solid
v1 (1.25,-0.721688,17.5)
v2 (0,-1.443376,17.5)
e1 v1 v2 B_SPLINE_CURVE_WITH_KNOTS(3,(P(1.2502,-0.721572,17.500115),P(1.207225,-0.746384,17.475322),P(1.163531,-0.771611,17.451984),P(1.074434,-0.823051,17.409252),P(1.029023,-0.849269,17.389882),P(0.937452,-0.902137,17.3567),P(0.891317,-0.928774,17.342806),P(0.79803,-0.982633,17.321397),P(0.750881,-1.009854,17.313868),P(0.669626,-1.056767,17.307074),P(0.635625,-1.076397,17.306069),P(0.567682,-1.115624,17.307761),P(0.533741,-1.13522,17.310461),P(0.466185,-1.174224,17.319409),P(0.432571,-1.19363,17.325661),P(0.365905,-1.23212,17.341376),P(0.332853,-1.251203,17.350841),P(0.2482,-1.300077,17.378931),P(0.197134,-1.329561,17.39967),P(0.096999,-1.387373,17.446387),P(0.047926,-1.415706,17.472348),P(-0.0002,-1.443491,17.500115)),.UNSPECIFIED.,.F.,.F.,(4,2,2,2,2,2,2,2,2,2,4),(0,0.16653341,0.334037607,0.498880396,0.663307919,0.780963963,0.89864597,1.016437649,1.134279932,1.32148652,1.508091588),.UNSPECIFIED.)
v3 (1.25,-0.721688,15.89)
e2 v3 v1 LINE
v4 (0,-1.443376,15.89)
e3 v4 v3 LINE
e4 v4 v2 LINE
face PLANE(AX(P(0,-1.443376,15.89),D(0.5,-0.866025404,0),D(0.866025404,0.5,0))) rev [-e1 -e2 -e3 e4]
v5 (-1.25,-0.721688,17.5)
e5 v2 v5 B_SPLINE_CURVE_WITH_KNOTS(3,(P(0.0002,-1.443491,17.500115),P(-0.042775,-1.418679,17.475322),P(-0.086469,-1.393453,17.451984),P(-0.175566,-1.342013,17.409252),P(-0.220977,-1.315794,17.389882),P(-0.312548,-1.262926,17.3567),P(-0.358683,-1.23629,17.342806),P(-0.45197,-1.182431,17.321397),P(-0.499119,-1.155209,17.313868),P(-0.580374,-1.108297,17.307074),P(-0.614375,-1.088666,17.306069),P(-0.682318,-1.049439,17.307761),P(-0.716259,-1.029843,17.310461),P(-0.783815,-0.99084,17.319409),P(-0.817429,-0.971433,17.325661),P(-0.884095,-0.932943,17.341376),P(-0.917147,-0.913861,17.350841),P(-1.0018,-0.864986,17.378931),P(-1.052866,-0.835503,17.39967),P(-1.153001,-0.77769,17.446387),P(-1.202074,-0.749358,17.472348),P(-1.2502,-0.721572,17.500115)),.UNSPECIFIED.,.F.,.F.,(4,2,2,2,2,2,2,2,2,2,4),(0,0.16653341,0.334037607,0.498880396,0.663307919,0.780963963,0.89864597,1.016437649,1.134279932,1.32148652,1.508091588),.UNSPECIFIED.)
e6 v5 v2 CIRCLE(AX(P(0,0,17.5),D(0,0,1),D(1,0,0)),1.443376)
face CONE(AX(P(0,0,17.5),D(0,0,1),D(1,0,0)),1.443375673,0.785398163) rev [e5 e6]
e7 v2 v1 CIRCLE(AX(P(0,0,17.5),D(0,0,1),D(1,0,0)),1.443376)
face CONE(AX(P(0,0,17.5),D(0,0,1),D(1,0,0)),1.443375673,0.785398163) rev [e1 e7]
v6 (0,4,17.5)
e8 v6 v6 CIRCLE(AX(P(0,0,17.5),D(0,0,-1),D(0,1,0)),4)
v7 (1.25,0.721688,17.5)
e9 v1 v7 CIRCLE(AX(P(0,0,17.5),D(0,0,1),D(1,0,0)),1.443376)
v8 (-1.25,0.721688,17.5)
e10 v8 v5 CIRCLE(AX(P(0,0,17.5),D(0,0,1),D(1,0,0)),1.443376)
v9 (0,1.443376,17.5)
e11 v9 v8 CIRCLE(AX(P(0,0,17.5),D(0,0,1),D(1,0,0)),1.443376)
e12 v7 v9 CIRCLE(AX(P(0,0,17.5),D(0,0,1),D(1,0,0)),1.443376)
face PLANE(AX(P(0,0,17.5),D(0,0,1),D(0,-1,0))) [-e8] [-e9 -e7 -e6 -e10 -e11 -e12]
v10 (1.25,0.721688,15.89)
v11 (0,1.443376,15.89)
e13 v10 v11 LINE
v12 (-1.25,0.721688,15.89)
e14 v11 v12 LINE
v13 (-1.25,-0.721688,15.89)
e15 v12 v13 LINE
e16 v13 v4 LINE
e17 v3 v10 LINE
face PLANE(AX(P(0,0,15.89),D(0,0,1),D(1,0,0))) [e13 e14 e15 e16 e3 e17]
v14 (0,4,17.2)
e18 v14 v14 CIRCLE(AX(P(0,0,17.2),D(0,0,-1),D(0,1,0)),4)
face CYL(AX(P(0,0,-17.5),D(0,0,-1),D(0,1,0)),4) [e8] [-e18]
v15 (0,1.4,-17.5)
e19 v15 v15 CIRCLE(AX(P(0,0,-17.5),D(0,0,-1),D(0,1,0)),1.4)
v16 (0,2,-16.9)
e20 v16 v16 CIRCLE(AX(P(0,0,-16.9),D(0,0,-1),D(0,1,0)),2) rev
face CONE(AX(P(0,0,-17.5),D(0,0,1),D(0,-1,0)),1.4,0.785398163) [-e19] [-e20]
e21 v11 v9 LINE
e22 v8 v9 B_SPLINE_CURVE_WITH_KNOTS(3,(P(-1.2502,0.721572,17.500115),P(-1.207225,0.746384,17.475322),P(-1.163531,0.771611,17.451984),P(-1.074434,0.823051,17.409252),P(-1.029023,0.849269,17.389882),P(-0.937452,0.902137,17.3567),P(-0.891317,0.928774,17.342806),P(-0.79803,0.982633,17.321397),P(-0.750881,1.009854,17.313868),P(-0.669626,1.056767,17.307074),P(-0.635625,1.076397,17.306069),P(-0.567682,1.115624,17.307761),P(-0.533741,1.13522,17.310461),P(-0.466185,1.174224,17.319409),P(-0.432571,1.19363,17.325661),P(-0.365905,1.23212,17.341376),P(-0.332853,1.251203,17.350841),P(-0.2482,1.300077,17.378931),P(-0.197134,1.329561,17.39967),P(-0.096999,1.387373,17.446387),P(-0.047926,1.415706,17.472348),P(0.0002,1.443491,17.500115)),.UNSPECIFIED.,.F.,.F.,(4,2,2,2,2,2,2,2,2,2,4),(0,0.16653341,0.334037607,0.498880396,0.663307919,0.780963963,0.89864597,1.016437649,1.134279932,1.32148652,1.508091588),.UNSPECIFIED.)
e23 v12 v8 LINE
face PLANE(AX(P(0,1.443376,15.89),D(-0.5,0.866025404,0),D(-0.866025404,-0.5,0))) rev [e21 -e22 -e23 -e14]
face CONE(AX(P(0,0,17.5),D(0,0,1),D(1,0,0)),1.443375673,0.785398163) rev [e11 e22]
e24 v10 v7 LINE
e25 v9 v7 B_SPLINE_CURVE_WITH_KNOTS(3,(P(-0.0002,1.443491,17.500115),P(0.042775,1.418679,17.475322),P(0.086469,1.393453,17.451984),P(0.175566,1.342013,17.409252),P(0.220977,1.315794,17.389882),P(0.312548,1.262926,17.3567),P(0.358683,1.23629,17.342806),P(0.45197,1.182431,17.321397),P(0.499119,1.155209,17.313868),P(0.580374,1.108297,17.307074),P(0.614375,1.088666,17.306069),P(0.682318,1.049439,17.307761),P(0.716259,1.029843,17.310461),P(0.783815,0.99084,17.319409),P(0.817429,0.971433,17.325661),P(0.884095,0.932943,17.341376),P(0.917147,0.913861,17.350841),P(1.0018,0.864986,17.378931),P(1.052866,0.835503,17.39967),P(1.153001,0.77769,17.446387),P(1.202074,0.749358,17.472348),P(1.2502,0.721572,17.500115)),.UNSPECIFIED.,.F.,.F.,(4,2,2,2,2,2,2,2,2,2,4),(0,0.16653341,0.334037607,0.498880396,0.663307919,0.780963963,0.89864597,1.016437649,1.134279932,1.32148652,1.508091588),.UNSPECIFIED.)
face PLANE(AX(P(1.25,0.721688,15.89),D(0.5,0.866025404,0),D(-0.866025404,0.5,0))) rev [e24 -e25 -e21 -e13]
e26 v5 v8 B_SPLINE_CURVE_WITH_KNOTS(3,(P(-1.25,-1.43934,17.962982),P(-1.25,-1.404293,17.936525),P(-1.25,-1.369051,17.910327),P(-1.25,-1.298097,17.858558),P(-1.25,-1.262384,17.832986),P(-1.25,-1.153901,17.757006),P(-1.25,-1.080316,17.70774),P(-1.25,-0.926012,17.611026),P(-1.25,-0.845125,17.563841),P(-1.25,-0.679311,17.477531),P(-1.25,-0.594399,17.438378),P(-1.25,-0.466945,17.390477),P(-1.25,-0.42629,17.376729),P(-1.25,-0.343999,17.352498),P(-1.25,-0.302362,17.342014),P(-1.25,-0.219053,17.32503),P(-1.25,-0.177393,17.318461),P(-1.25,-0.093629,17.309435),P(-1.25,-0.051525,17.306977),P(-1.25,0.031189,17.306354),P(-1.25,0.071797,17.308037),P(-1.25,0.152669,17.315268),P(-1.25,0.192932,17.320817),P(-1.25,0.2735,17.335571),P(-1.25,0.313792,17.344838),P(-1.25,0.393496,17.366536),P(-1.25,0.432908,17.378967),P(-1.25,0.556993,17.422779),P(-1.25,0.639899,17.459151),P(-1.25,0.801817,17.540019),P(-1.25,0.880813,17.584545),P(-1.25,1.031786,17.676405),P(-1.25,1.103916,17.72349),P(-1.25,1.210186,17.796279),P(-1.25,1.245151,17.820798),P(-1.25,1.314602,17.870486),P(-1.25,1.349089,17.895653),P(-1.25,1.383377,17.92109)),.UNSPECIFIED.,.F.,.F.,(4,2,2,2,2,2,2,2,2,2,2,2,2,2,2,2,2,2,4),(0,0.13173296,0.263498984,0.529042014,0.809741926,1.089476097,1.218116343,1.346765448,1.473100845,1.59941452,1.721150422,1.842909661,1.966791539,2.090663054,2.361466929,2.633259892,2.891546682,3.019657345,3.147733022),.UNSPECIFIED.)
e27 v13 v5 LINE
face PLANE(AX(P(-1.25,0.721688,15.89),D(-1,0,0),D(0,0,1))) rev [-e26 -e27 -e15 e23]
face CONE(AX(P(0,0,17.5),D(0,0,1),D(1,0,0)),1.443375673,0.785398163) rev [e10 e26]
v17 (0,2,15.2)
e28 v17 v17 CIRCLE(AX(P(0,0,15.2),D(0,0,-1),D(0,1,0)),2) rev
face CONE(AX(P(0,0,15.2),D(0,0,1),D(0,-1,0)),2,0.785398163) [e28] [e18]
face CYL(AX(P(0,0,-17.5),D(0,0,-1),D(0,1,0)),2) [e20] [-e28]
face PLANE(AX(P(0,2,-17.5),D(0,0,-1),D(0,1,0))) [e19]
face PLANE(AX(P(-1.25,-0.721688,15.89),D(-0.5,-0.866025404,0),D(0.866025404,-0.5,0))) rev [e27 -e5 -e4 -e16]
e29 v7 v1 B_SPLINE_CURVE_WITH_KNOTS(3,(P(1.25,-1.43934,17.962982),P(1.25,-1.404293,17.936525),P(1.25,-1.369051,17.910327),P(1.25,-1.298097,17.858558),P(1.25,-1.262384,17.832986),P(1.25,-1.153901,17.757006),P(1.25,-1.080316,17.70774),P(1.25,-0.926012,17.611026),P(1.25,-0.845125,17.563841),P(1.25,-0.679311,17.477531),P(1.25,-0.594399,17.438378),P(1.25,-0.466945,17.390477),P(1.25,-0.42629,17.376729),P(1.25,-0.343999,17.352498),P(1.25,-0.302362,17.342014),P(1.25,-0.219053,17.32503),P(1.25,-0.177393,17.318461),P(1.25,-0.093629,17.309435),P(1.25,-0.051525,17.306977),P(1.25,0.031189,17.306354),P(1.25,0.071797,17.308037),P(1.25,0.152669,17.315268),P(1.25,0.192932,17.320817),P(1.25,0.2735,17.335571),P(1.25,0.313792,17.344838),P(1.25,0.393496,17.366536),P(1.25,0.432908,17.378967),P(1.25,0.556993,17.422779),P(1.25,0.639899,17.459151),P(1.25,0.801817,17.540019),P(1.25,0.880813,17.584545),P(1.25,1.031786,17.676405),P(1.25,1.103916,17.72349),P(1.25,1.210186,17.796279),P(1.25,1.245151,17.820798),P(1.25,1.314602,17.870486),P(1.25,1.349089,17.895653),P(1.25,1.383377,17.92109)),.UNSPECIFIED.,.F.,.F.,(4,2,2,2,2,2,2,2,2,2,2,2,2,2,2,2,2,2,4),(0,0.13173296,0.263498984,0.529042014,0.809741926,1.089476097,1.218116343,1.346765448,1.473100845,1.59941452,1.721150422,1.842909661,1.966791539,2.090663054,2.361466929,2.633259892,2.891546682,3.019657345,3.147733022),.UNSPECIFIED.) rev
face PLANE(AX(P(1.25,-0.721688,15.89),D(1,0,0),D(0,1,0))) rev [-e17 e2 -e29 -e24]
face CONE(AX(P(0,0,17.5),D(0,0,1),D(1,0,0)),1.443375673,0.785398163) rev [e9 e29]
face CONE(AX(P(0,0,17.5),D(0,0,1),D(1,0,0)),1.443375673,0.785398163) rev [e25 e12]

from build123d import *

# Parameters (mm, degrees)
SKETCH3_W          = 35
SKETCH3_H          = 2
CHAMFER1_SIZE      = 0.6
CUT_EXTRUDE1_DEPTH = 1.61
SKETCH9_R          = 1.443375673
CUT_EXTRUDE2_DEPTH = 1.61
CUT_EXTRUDE2_DRAFT = -45


with BuildPart() as part:
    # Sketch3 → Revolve1 (revolve)
    with BuildSketch(Plane(origin=(0, 0, 0), x_dir=(0, 0, -1), z_dir=(1, 0, 0))):
        with Locations((0, 1)):
            Rectangle(SKETCH3_W, SKETCH3_H)
    revolve(axis=Axis((0, 0, -17.5), (0, 0, 1)))

    # Chamfer1
    chamfer1_edges = [part.edges().sort_by_distance(p)[0] for p in [
        (0, -2, -17.5),
    ]]
    chamfer(chamfer1_edges, length=CHAMFER1_SIZE)

    # Sketch6 → Revolve2 (revolve)
    with BuildSketch(Plane(origin=(0, 0, 0), x_dir=(0, 0, -1), z_dir=(1, 0, 0))):
        Polygon((-17.5, 4), (-17.2, 4), (-15.2, 2), (-15.2, 0), (-17.5, 0), align=None)
    revolve(axis=Axis((0, 0, -17.5), (0, 0, 1)))

    # Sketch8 → Cut-Extrude1 (cut)
    with BuildSketch(Plane.XY.offset(17.5)):
        Polygon((0, 1.443375673), (-1.25, 0.721687836), (-1.25, -0.721687836), (0, -1.443375673), (1.25, -0.721687836), (1.25, 0.721687836), align=None)
    extrude(amount=-CUT_EXTRUDE1_DEPTH, mode=Mode.SUBTRACT)


with BuildPart() as cut_extrude2_tool:
    # Sketch9 → Cut-Extrude2 (with draft: the straight prism first)
    with BuildSketch(Plane.XY.offset(17.5)):
        Circle(SKETCH9_R)
    extrude(amount=-CUT_EXTRUDE2_DEPTH)
    # Cut-Extrude2: the draft: its side faces are tilted about the plane it starts from
    cut_extrude2_sides = [cut_extrude2_tool.faces().sort_by_distance(p)[0] for p in [
        (-1.443375673, 0, 16.695),
    ]]
    draft(cut_extrude2_sides, Plane.XY.offset(17.5), CUT_EXTRUDE2_DRAFT)


with BuildPart() as part_1:
    add(part.part)

    # Cut-Extrude2: cut by cut_extrude2_tool
    add(cut_extrude2_tool.part, mode=Mode.SUBTRACT)


solid = part_1.part
